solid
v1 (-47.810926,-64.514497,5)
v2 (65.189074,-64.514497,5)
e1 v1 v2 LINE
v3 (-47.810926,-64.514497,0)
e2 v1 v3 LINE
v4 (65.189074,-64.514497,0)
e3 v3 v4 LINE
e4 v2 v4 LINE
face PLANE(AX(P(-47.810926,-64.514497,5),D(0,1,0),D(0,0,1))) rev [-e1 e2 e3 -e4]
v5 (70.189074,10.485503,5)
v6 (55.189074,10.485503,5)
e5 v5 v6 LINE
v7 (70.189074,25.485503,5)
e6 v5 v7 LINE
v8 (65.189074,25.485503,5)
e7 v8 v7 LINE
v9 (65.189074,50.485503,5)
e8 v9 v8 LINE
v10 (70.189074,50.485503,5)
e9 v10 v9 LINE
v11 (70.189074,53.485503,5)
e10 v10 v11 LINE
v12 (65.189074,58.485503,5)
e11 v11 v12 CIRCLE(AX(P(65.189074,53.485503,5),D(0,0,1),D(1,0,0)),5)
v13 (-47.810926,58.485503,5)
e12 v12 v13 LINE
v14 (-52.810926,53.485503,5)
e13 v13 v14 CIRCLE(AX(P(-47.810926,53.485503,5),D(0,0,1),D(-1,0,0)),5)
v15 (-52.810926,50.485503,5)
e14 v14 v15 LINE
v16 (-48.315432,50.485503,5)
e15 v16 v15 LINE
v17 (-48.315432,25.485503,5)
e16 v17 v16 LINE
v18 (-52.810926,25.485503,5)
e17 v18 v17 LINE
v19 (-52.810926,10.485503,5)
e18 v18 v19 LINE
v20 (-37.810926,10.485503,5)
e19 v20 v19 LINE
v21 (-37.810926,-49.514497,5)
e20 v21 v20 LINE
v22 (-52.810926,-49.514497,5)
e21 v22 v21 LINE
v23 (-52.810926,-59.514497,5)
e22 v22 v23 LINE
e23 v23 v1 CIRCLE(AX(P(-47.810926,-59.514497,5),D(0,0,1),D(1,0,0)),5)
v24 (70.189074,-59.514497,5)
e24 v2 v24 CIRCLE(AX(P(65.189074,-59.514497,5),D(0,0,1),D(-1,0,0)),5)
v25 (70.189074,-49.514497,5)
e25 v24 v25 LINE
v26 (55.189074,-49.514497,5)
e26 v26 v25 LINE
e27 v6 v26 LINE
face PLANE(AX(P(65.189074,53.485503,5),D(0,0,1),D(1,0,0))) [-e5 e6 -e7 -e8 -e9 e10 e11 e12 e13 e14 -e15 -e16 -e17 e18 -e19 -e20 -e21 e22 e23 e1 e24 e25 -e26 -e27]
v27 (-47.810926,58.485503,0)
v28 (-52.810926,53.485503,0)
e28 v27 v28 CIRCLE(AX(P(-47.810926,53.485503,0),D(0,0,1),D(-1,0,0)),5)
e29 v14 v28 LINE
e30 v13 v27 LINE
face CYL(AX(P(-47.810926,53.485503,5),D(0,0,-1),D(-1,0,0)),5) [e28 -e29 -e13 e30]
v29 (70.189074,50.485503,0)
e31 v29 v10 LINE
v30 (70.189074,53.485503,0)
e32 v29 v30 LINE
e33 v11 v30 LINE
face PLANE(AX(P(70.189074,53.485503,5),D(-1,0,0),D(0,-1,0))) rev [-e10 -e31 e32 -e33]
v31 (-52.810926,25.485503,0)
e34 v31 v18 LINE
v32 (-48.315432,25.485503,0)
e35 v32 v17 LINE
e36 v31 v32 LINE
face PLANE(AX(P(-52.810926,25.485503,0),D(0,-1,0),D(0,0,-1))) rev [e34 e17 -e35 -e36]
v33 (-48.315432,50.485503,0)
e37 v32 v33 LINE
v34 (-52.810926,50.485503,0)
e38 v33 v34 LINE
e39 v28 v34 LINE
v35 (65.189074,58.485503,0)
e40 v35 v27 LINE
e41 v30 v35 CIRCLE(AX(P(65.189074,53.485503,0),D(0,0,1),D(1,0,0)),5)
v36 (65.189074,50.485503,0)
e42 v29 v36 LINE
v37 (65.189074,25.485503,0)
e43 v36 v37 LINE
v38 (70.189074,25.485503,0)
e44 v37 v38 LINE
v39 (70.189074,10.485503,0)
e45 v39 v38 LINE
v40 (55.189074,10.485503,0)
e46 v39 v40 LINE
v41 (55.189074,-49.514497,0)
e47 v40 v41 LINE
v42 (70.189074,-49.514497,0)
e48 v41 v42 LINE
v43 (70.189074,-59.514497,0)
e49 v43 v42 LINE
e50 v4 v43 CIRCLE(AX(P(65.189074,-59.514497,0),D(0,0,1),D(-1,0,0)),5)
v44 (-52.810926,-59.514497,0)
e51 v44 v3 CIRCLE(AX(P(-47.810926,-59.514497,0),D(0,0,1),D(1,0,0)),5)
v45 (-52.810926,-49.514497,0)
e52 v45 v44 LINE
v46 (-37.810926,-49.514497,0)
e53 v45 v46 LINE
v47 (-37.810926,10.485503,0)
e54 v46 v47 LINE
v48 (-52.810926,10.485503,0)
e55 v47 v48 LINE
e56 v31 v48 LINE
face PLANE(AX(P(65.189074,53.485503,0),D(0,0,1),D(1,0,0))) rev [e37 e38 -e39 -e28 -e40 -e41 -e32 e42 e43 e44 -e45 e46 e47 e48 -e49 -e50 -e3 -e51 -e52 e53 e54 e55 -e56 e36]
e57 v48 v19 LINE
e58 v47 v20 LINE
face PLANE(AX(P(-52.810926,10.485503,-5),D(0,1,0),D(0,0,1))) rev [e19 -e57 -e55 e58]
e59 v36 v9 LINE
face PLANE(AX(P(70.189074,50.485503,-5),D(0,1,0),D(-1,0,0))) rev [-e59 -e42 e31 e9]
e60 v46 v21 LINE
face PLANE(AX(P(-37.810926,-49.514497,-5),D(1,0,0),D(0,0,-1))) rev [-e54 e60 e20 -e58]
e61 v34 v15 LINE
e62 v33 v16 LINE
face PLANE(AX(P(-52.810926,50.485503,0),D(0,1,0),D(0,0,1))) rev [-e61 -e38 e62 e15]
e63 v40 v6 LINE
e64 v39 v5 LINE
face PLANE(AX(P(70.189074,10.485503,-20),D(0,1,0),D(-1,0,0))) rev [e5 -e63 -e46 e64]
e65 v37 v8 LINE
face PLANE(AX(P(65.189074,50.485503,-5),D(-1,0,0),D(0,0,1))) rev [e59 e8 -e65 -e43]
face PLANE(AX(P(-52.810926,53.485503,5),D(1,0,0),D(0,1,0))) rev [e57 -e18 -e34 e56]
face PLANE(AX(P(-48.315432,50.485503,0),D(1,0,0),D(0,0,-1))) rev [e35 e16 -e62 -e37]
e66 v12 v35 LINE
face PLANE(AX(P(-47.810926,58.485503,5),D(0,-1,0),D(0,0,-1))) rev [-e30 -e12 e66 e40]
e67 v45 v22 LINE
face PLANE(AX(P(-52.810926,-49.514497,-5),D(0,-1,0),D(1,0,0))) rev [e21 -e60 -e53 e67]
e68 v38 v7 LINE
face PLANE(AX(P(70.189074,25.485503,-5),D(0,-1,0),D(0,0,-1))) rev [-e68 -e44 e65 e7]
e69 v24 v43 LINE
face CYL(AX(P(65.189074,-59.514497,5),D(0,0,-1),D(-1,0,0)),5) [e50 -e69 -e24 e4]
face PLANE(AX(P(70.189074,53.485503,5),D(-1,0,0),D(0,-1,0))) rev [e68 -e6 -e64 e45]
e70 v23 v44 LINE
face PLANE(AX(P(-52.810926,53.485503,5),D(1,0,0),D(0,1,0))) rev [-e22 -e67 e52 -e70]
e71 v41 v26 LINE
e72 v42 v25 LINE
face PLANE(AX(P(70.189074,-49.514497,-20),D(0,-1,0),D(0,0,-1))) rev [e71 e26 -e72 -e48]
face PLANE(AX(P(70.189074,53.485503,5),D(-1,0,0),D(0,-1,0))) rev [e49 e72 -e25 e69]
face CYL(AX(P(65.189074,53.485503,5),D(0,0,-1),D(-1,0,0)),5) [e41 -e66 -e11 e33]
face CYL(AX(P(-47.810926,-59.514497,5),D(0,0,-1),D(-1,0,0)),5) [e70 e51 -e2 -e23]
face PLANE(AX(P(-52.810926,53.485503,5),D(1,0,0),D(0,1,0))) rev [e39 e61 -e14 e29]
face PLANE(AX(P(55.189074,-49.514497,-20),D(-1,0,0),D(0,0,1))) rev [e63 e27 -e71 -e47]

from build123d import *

# Parameters (mm, degrees)
RESSALTO_EXTRUS_O1_DEPTH = 5
ESBO_O4_W                = 4.495494134
ESBO_O4_H                = 25
CORTE_EXTRUS_O2_DEPTH    = 5
ESBO_O11_W               = 5
ESBO_O11_H               = 25
CORTE_EXTRUS_O8_DEPTH    = 10
ESBO_O24_W               = 15
ESBO_O24_H               = 60
CORTE_EXTRUS_O14_DEPTH   = 10
ESBO_O27_W               = 15
ESBO_O27_H               = 60
CORTE_EXTRUS_O16_DEPTH   = 25


with BuildPart() as part:
    # Esboço1 → Ressalto-extrusão1 (new body)
    with BuildSketch(Plane.XY):
        with BuildLine():
            Line((-47.810925728, 58.485502959), (65.189074272, 58.485502959))
            ThreePointArc((65.189074272, 58.485502959), (68.724608178, 57.021036865), (70.189074272, 53.485502959))
            Line((70.189074272, 53.485502959), (70.189074272, -59.514497041))
            ThreePointArc((70.189074272, -59.514497041), (68.724608178, -63.050030947), (65.189074272, -64.514497041))
            Line((65.189074272, -64.514497041), (-47.810925728, -64.514497041))
            ThreePointArc((-47.810925728, -64.514497041), (-51.346459634, -63.050030947), (-52.810925728, -59.514497041))
            Line((-52.810925728, -59.514497041), (-52.810925728, 53.485502959))
            ThreePointArc((-52.810925728, 53.485502959), (-51.346459634, 57.021036865), (-47.810925728, 58.485502959))
        make_face()
    extrude(amount=RESSALTO_EXTRUS_O1_DEPTH)

    # Esboço4 → Corte-extrusão2 (cut)
    with BuildSketch(Plane.XY.offset(5)):
        with Locations((-50.563178661, 37.985502959)):
            Rectangle(ESBO_O4_W, ESBO_O4_H)
    extrude(amount=-CORTE_EXTRUS_O2_DEPTH, mode=Mode.SUBTRACT)

    # Esboço11 → Corte-extrusão8 (cut)
    with BuildSketch(Plane.XY.offset(5)):
        with Locations((67.689074272, 37.985502959)):
            Rectangle(ESBO_O11_W, ESBO_O11_H)
    extrude(amount=-CORTE_EXTRUS_O8_DEPTH, mode=Mode.SUBTRACT)

    # Esboço24 → Corte-extrusão14 (cut)
    with BuildSketch(Plane.XY.offset(5)):
        with Locations((-45.310925728, -19.514497041)):
            Rectangle(ESBO_O24_W, ESBO_O24_H)
    extrude(amount=-CORTE_EXTRUS_O14_DEPTH, mode=Mode.SUBTRACT)

    # Esboço27 → Corte-extrusão16 (cut)
    with BuildSketch(Plane.XY.offset(5)):
        with Locations((62.689074272, -19.514497041)):
            Rectangle(ESBO_O27_W, ESBO_O27_H)
    extrude(amount=-CORTE_EXTRUS_O16_DEPTH, mode=Mode.SUBTRACT)


solid = part.part
